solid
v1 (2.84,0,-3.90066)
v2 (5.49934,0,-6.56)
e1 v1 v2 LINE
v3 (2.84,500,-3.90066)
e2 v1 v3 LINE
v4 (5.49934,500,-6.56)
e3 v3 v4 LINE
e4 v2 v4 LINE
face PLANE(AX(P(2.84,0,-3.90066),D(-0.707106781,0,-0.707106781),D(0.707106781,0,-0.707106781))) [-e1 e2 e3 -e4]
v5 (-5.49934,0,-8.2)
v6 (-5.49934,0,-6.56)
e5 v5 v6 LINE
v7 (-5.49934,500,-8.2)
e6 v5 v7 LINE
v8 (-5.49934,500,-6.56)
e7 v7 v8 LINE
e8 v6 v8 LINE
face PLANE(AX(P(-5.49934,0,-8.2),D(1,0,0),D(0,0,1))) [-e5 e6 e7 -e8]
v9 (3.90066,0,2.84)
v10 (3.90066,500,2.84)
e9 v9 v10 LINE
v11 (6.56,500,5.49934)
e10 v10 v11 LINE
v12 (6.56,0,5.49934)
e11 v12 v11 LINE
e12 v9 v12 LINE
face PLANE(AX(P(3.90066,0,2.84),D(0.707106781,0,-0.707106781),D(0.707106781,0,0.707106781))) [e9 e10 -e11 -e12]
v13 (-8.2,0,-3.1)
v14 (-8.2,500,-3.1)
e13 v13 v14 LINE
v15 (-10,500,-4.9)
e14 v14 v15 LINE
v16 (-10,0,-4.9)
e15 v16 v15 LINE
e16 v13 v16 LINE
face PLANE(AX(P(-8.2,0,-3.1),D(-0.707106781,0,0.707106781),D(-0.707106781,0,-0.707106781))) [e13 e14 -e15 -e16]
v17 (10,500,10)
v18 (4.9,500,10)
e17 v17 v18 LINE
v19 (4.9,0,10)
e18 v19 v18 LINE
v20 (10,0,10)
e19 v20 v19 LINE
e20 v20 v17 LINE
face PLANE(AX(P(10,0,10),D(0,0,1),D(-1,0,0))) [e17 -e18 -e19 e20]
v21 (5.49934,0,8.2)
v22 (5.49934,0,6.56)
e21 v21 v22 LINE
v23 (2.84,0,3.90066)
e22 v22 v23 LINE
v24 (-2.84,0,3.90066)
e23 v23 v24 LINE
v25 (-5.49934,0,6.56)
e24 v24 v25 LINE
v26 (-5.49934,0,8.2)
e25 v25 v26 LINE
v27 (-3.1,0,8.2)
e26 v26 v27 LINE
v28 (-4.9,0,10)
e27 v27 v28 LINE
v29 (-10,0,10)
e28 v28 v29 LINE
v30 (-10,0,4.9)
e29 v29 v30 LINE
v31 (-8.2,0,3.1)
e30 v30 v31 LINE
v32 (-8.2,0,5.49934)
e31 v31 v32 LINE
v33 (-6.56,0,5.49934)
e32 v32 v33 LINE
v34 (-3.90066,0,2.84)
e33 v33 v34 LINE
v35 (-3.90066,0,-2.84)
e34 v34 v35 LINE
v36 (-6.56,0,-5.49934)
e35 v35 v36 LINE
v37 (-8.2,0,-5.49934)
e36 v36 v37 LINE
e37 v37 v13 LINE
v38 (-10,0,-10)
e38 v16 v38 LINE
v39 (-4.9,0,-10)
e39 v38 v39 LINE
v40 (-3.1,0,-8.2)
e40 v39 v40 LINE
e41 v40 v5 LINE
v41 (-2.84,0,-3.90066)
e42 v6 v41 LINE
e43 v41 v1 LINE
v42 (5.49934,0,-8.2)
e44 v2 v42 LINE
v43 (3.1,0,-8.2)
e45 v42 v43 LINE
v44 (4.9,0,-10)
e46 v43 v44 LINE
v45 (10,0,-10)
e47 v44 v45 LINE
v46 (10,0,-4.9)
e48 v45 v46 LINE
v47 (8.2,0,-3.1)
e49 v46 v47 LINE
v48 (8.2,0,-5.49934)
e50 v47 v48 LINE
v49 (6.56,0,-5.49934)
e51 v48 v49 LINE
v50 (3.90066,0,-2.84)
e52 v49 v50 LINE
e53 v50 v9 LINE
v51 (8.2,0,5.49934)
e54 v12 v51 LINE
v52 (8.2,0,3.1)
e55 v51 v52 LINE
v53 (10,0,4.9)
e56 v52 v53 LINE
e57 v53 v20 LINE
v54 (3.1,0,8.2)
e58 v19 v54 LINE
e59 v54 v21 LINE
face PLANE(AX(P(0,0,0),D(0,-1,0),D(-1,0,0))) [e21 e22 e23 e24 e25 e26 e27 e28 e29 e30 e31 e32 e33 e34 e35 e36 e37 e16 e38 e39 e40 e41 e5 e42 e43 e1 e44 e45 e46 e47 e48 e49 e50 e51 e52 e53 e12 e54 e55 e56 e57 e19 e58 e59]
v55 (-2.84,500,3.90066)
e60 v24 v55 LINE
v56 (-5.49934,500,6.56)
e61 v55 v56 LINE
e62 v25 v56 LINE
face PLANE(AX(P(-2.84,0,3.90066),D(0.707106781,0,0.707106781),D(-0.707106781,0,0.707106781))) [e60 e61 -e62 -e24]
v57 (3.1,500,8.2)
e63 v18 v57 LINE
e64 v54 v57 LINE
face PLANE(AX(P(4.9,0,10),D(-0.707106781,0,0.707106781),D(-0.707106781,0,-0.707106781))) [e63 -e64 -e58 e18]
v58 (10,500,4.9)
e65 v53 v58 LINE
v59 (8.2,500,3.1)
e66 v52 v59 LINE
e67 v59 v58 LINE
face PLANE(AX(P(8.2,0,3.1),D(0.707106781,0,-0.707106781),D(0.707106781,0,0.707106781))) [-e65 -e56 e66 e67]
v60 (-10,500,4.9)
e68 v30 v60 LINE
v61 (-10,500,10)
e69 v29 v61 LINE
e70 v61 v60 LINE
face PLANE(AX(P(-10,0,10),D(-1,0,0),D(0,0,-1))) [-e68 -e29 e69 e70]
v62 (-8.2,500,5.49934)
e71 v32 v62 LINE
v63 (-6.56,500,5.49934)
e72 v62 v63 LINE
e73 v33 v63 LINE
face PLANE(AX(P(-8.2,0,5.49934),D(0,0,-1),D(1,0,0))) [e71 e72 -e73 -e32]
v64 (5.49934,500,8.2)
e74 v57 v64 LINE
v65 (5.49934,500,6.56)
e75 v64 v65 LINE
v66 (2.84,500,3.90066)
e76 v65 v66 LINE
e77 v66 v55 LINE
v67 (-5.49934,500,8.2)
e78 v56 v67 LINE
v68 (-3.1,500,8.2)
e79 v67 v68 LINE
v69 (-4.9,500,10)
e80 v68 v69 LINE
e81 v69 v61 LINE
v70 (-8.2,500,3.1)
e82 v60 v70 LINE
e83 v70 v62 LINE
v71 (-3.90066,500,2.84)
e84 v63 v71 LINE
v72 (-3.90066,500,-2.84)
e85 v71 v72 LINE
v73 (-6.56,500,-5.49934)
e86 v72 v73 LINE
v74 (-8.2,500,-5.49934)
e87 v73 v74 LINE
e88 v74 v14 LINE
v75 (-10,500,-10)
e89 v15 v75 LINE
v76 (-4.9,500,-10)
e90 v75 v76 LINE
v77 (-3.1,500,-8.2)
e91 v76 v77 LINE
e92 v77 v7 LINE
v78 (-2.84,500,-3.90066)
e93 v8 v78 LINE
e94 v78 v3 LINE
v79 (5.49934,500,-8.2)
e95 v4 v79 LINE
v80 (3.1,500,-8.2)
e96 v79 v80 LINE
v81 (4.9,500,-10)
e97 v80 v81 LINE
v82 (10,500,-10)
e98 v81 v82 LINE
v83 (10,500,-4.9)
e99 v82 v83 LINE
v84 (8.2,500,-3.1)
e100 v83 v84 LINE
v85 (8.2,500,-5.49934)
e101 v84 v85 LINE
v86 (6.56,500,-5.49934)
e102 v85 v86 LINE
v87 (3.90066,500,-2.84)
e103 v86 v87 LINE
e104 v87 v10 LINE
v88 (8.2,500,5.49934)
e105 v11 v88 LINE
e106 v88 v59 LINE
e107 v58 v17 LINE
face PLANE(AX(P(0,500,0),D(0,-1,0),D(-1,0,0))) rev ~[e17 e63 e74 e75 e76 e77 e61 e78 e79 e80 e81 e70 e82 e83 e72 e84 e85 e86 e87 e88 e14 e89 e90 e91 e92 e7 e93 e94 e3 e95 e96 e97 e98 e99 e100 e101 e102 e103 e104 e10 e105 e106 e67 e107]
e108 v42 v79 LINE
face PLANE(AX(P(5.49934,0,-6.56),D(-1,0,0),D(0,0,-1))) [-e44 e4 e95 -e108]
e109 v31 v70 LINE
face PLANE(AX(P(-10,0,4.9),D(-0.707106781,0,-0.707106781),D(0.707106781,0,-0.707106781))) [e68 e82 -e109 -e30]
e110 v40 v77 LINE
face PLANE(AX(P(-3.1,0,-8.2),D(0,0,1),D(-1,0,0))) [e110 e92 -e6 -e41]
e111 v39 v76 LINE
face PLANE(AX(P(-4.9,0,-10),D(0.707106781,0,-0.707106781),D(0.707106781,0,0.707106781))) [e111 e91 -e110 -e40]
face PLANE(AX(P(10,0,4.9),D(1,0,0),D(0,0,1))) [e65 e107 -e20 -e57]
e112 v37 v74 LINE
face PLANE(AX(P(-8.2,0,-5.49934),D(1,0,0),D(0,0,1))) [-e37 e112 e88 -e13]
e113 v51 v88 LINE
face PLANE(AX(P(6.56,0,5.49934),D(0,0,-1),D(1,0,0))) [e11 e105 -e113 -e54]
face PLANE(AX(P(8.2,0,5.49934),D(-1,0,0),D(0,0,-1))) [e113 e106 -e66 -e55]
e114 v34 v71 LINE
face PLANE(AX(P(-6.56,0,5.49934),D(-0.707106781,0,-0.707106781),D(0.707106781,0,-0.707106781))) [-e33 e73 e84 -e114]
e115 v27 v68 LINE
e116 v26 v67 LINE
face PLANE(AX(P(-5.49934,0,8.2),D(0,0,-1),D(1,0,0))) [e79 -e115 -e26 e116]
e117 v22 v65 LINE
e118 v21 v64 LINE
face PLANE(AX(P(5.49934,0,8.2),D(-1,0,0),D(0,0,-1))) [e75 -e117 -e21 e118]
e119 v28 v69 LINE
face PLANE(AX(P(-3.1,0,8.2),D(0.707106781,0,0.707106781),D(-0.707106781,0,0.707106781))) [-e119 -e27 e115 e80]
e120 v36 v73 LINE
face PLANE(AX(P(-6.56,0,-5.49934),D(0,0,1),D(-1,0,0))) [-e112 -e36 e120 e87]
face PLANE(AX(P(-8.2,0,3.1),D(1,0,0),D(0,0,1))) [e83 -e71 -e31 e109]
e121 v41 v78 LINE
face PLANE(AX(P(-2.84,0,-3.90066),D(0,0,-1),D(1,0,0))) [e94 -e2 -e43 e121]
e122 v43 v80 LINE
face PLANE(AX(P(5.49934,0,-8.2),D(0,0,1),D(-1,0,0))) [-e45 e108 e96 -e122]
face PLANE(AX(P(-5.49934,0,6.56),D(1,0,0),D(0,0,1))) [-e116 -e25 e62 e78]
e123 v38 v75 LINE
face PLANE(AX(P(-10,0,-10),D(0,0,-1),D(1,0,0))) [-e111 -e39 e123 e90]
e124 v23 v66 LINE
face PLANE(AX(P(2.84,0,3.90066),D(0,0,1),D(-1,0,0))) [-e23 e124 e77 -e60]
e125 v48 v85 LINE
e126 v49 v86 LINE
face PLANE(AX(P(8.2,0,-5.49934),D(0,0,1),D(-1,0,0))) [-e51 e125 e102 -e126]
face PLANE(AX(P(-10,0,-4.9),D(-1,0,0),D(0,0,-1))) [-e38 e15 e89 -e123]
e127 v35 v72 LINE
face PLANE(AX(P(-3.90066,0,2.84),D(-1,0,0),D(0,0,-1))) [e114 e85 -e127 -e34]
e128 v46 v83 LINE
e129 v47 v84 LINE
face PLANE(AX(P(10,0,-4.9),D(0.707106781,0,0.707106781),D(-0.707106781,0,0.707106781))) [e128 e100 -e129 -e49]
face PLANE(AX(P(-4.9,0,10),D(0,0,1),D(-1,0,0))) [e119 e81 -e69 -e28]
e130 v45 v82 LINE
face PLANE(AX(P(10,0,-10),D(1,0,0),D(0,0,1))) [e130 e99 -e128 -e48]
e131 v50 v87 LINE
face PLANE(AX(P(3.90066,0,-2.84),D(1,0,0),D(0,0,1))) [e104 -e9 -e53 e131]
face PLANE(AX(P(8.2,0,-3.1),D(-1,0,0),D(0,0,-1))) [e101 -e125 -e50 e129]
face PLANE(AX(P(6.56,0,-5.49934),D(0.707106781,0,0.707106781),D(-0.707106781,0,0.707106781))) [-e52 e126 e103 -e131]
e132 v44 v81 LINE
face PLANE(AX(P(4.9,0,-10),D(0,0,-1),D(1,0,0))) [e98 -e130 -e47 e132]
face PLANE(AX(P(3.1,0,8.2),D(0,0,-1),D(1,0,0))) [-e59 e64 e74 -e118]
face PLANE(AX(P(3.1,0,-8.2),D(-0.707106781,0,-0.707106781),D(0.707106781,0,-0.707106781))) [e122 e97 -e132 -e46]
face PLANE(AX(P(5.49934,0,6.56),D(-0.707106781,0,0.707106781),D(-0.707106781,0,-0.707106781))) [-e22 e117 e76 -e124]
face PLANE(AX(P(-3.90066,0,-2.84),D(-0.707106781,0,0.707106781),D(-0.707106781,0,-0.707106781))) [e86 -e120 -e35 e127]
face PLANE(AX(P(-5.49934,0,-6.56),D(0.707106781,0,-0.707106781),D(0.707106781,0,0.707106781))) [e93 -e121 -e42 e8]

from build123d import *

# Parameters (mm, degrees)
BOSS_EXTRUDE1_DEPTH = 500


with BuildPart() as part:
    # Sketch1 → Boss-Extrude1 (new body)
    with BuildSketch(Plane(origin=(0, 0, 0), x_dir=(1, 0, 0), z_dir=(0, 1, 0))):
        Polygon((2.84, -3.900660172), (-2.84, -3.900660172), (-5.499339828, -6.56), (-5.499339828, -8.2), (-3.1, -8.2), (-4.9, -10), (-10, -10), (-10, -4.9), (-8.2, -3.1), (-8.2, -5.499339828), (-6.56, -5.499339828), (-3.900660172, -2.84), (-3.900660172, 2.84), (-6.56, 5.499339828), (-8.2, 5.499339828), (-8.2, 3.1), (-10, 4.9), (-10, 10), (-4.9, 10), (-3.1, 8.2), (-5.499339828, 8.2), (-5.499339828, 6.56), (-2.84, 3.900660172), (2.84, 3.900660172), (5.499339828, 6.56), (5.499339828, 8.2), (3.1, 8.2), (4.9, 10), (10, 10), (10, 4.9), (8.2, 3.1), (8.2, 5.499339828), (6.56, 5.499339828), (3.900660172, 2.84), (3.900660172, -2.84), (6.56, -5.499339828), (8.2, -5.499339828), (8.2, -3.1), (10, -4.9), (10, -10), (4.9, -10), (3.1, -8.2), (5.499339828, -8.2), (5.499339828, -6.56), align=None)
    extrude(amount=BOSS_EXTRUDE1_DEPTH)


solid = part.part
